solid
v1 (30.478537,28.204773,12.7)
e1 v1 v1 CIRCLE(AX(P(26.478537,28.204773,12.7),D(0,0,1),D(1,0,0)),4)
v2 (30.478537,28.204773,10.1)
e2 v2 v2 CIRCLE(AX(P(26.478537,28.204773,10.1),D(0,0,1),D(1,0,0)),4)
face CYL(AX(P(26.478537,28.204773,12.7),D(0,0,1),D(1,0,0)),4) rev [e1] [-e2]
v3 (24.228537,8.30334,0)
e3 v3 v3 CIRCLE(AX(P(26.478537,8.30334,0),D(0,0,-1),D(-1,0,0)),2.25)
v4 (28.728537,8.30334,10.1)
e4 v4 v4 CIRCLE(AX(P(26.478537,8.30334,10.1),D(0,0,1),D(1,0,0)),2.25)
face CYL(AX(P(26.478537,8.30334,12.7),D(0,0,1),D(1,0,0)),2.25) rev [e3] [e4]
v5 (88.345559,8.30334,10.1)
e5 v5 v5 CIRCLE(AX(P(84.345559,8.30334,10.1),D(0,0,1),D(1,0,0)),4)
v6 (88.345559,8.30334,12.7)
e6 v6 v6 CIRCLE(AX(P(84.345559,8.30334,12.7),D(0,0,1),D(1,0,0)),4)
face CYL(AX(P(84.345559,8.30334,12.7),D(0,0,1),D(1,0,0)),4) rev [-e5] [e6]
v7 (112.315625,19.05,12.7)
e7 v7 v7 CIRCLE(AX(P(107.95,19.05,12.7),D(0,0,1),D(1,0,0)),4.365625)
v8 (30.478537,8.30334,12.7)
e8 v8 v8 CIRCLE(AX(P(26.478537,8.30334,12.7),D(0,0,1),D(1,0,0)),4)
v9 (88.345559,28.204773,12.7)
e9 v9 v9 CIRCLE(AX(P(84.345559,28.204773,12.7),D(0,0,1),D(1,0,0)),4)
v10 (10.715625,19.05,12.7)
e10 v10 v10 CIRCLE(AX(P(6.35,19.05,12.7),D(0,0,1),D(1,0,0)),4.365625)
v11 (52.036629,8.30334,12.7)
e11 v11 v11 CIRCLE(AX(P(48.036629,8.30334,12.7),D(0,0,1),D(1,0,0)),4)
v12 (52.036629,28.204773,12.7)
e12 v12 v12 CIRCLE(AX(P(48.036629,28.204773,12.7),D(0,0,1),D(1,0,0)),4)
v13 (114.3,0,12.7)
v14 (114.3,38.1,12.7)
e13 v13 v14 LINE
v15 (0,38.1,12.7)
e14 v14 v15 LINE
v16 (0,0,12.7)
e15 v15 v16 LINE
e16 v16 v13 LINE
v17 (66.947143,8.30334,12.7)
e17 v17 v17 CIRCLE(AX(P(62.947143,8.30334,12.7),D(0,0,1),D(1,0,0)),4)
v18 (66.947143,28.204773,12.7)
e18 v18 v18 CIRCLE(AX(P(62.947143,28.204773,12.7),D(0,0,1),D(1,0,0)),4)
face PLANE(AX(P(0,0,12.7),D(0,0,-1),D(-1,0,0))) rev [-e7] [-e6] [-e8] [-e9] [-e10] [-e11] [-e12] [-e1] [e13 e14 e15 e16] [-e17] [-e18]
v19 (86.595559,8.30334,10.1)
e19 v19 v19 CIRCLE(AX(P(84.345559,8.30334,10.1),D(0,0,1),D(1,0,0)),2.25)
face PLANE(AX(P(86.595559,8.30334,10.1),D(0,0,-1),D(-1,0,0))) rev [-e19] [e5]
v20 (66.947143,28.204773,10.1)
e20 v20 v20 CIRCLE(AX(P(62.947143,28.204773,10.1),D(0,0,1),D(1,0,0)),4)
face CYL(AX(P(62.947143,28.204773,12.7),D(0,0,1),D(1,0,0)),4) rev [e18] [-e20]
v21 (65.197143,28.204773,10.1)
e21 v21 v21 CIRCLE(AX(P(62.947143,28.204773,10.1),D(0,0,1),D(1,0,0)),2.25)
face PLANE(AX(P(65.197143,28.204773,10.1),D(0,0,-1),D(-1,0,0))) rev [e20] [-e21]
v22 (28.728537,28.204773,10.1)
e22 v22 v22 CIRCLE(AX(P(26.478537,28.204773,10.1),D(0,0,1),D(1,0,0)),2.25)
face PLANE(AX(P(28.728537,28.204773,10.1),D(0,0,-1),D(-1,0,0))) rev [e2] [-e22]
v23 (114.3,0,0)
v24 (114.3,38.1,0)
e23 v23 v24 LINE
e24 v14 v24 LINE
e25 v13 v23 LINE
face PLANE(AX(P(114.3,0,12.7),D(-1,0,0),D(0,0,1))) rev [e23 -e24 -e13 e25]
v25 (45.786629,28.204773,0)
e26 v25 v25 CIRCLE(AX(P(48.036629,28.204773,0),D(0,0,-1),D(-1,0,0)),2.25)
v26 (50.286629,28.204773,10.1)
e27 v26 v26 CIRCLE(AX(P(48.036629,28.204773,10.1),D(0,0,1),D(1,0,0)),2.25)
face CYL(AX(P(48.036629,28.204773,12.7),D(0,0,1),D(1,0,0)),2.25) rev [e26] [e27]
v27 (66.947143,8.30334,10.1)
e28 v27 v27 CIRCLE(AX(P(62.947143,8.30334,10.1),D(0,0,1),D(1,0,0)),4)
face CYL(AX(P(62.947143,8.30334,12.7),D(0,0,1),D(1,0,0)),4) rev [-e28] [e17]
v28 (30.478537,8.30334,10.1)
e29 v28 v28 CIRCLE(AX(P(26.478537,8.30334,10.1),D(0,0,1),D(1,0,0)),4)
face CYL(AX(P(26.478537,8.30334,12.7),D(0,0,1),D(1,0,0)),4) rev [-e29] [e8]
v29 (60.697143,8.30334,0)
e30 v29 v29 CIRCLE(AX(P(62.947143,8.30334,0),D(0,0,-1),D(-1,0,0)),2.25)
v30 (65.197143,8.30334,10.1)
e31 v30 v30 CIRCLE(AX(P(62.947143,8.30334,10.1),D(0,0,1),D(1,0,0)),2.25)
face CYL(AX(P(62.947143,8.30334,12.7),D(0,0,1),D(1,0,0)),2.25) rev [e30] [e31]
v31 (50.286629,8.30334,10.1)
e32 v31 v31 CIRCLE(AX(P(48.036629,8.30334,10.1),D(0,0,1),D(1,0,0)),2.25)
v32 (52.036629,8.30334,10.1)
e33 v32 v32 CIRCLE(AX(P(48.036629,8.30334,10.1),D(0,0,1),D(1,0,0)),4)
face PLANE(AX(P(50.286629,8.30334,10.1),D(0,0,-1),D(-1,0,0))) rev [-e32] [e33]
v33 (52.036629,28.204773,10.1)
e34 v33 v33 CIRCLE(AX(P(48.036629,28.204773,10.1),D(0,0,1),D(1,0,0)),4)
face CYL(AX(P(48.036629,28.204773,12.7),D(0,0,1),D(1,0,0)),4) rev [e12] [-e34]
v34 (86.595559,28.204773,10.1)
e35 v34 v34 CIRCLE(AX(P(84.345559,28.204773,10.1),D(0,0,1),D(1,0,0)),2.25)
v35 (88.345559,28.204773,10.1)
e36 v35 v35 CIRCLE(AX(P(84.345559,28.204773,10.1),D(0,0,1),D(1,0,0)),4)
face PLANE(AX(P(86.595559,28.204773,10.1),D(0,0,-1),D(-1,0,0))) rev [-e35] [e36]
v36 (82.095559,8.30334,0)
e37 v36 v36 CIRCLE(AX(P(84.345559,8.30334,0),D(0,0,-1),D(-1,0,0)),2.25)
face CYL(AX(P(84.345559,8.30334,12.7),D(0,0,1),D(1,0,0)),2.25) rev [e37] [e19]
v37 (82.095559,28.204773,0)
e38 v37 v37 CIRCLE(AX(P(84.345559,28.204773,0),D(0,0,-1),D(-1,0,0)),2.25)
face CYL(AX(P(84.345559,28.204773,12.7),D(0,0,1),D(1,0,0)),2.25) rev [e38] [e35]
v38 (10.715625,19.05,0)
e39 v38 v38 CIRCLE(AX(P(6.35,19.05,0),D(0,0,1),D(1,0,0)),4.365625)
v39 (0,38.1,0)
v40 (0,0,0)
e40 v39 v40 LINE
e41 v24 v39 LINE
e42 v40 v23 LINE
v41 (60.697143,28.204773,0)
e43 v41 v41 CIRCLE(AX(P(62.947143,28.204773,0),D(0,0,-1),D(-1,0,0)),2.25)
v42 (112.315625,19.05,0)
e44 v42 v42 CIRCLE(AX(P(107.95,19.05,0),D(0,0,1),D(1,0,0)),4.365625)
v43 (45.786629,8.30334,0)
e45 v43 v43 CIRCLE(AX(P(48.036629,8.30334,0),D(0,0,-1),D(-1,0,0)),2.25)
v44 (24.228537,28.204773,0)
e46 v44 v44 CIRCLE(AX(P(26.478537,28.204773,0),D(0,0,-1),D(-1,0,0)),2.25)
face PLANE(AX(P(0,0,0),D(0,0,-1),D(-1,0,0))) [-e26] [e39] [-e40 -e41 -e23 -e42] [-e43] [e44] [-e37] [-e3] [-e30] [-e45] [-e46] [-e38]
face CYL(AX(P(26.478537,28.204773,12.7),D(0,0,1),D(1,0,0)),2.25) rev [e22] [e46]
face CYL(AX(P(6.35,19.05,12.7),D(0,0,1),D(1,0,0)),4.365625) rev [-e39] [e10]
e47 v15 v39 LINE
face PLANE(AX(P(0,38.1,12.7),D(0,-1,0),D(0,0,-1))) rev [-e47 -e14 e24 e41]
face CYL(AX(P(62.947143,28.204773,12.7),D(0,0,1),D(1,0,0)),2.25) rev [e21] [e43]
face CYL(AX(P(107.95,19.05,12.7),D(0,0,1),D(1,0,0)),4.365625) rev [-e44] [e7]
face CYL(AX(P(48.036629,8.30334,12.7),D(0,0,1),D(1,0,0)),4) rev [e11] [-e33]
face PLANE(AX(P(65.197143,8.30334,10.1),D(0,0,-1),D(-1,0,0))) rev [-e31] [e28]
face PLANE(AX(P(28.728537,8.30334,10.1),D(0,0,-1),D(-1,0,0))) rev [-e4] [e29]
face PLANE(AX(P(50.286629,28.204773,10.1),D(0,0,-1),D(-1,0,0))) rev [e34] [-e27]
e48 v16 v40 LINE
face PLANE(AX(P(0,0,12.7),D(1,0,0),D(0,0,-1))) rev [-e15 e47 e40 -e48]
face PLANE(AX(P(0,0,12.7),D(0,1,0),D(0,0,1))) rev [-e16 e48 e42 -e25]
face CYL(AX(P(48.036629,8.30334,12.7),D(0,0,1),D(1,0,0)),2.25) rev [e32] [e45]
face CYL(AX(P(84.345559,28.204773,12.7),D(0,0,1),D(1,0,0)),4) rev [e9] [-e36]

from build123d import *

# Parameters (mm, degrees)
SKETCH1_W                                   = 114.3
SKETCH1_H                                   = 38.1
BOSS_EXTRUDE1_DEPTH                         = 12.7
CBORE_FOR_M4_CHEESE_HEAD_SCREW2_D           = 4.5
CBORE_FOR_M4_CHEESE_HEAD_SCREW2_DEPTH       = 43.18
CBORE_FOR_M4_CHEESE_HEAD_SCREW2_CBORE_D     = 8
CBORE_FOR_M4_CHEESE_HEAD_SCREW2_CBORE_DEPTH = 2.6
CBORE_FOR_M4_CHEESE_HEAD_SCREW2_TIP         = 1.351936393
F_11_32_0_34375_DIAMETER_HOLE1_D            = 8.73125
F_11_32_0_34375_DIAMETER_HOLE1_ON_FACE_2_D  = 8.73125


with BuildPart() as part:
    # Sketch1 → Boss-Extrude1 (new body)
    with BuildSketch(Plane.XY):
        with Locations((57.15, 19.05)):
            Rectangle(SKETCH1_W, SKETCH1_H)
    extrude(amount=BOSS_EXTRUDE1_DEPTH)

    # CBORE for M4 Cheese Head Screw2
    with Locations(Plane(origin=(26.478537206, 28.204773482, 12.7), x_dir=(1, 0, 0), z_dir=(0, 0, 1))):
        with Locations((0, 0), (21.558092234, 0), (36.468605638, 0), (57.867021711, 0), (57.867021711, -19.901433884), (36.468605638, -19.901433884), (21.558092234, -19.901433884), (0, -19.901433884)):
            CounterBoreHole(CBORE_FOR_M4_CHEESE_HEAD_SCREW2_D / 2, CBORE_FOR_M4_CHEESE_HEAD_SCREW2_CBORE_D / 2, CBORE_FOR_M4_CHEESE_HEAD_SCREW2_CBORE_DEPTH, depth=CBORE_FOR_M4_CHEESE_HEAD_SCREW2_DEPTH)
            with Locations((0, 0, -(CBORE_FOR_M4_CHEESE_HEAD_SCREW2_DEPTH + CBORE_FOR_M4_CHEESE_HEAD_SCREW2_TIP / 2))):  # 118° drill point
                Cone(0, CBORE_FOR_M4_CHEESE_HEAD_SCREW2_D / 2, CBORE_FOR_M4_CHEESE_HEAD_SCREW2_TIP, mode=Mode.SUBTRACT)

    # 11/32 (0.34375) Diameter Hole1 (through all)
    with Locations(Plane(origin=(6.35, 19.05, 12.7), x_dir=(1, 0, 0), z_dir=(0, 0, 1))):
        with Locations((0, 0), (101.6, 0)):
            Hole(F_11_32_0_34375_DIAMETER_HOLE1_D / 2)

    # 11/32 (0.34375) Diameter Hole1 on face 2 (through all)
    with Locations(Plane(origin=(46.203135817, 61.386657337, 0), x_dir=(1, 0, 0), z_dir=(0, 0, 1))):
        with Locations((0, 0)):
            Hole(F_11_32_0_34375_DIAMETER_HOLE1_ON_FACE_2_D / 2)


solid = part.part
